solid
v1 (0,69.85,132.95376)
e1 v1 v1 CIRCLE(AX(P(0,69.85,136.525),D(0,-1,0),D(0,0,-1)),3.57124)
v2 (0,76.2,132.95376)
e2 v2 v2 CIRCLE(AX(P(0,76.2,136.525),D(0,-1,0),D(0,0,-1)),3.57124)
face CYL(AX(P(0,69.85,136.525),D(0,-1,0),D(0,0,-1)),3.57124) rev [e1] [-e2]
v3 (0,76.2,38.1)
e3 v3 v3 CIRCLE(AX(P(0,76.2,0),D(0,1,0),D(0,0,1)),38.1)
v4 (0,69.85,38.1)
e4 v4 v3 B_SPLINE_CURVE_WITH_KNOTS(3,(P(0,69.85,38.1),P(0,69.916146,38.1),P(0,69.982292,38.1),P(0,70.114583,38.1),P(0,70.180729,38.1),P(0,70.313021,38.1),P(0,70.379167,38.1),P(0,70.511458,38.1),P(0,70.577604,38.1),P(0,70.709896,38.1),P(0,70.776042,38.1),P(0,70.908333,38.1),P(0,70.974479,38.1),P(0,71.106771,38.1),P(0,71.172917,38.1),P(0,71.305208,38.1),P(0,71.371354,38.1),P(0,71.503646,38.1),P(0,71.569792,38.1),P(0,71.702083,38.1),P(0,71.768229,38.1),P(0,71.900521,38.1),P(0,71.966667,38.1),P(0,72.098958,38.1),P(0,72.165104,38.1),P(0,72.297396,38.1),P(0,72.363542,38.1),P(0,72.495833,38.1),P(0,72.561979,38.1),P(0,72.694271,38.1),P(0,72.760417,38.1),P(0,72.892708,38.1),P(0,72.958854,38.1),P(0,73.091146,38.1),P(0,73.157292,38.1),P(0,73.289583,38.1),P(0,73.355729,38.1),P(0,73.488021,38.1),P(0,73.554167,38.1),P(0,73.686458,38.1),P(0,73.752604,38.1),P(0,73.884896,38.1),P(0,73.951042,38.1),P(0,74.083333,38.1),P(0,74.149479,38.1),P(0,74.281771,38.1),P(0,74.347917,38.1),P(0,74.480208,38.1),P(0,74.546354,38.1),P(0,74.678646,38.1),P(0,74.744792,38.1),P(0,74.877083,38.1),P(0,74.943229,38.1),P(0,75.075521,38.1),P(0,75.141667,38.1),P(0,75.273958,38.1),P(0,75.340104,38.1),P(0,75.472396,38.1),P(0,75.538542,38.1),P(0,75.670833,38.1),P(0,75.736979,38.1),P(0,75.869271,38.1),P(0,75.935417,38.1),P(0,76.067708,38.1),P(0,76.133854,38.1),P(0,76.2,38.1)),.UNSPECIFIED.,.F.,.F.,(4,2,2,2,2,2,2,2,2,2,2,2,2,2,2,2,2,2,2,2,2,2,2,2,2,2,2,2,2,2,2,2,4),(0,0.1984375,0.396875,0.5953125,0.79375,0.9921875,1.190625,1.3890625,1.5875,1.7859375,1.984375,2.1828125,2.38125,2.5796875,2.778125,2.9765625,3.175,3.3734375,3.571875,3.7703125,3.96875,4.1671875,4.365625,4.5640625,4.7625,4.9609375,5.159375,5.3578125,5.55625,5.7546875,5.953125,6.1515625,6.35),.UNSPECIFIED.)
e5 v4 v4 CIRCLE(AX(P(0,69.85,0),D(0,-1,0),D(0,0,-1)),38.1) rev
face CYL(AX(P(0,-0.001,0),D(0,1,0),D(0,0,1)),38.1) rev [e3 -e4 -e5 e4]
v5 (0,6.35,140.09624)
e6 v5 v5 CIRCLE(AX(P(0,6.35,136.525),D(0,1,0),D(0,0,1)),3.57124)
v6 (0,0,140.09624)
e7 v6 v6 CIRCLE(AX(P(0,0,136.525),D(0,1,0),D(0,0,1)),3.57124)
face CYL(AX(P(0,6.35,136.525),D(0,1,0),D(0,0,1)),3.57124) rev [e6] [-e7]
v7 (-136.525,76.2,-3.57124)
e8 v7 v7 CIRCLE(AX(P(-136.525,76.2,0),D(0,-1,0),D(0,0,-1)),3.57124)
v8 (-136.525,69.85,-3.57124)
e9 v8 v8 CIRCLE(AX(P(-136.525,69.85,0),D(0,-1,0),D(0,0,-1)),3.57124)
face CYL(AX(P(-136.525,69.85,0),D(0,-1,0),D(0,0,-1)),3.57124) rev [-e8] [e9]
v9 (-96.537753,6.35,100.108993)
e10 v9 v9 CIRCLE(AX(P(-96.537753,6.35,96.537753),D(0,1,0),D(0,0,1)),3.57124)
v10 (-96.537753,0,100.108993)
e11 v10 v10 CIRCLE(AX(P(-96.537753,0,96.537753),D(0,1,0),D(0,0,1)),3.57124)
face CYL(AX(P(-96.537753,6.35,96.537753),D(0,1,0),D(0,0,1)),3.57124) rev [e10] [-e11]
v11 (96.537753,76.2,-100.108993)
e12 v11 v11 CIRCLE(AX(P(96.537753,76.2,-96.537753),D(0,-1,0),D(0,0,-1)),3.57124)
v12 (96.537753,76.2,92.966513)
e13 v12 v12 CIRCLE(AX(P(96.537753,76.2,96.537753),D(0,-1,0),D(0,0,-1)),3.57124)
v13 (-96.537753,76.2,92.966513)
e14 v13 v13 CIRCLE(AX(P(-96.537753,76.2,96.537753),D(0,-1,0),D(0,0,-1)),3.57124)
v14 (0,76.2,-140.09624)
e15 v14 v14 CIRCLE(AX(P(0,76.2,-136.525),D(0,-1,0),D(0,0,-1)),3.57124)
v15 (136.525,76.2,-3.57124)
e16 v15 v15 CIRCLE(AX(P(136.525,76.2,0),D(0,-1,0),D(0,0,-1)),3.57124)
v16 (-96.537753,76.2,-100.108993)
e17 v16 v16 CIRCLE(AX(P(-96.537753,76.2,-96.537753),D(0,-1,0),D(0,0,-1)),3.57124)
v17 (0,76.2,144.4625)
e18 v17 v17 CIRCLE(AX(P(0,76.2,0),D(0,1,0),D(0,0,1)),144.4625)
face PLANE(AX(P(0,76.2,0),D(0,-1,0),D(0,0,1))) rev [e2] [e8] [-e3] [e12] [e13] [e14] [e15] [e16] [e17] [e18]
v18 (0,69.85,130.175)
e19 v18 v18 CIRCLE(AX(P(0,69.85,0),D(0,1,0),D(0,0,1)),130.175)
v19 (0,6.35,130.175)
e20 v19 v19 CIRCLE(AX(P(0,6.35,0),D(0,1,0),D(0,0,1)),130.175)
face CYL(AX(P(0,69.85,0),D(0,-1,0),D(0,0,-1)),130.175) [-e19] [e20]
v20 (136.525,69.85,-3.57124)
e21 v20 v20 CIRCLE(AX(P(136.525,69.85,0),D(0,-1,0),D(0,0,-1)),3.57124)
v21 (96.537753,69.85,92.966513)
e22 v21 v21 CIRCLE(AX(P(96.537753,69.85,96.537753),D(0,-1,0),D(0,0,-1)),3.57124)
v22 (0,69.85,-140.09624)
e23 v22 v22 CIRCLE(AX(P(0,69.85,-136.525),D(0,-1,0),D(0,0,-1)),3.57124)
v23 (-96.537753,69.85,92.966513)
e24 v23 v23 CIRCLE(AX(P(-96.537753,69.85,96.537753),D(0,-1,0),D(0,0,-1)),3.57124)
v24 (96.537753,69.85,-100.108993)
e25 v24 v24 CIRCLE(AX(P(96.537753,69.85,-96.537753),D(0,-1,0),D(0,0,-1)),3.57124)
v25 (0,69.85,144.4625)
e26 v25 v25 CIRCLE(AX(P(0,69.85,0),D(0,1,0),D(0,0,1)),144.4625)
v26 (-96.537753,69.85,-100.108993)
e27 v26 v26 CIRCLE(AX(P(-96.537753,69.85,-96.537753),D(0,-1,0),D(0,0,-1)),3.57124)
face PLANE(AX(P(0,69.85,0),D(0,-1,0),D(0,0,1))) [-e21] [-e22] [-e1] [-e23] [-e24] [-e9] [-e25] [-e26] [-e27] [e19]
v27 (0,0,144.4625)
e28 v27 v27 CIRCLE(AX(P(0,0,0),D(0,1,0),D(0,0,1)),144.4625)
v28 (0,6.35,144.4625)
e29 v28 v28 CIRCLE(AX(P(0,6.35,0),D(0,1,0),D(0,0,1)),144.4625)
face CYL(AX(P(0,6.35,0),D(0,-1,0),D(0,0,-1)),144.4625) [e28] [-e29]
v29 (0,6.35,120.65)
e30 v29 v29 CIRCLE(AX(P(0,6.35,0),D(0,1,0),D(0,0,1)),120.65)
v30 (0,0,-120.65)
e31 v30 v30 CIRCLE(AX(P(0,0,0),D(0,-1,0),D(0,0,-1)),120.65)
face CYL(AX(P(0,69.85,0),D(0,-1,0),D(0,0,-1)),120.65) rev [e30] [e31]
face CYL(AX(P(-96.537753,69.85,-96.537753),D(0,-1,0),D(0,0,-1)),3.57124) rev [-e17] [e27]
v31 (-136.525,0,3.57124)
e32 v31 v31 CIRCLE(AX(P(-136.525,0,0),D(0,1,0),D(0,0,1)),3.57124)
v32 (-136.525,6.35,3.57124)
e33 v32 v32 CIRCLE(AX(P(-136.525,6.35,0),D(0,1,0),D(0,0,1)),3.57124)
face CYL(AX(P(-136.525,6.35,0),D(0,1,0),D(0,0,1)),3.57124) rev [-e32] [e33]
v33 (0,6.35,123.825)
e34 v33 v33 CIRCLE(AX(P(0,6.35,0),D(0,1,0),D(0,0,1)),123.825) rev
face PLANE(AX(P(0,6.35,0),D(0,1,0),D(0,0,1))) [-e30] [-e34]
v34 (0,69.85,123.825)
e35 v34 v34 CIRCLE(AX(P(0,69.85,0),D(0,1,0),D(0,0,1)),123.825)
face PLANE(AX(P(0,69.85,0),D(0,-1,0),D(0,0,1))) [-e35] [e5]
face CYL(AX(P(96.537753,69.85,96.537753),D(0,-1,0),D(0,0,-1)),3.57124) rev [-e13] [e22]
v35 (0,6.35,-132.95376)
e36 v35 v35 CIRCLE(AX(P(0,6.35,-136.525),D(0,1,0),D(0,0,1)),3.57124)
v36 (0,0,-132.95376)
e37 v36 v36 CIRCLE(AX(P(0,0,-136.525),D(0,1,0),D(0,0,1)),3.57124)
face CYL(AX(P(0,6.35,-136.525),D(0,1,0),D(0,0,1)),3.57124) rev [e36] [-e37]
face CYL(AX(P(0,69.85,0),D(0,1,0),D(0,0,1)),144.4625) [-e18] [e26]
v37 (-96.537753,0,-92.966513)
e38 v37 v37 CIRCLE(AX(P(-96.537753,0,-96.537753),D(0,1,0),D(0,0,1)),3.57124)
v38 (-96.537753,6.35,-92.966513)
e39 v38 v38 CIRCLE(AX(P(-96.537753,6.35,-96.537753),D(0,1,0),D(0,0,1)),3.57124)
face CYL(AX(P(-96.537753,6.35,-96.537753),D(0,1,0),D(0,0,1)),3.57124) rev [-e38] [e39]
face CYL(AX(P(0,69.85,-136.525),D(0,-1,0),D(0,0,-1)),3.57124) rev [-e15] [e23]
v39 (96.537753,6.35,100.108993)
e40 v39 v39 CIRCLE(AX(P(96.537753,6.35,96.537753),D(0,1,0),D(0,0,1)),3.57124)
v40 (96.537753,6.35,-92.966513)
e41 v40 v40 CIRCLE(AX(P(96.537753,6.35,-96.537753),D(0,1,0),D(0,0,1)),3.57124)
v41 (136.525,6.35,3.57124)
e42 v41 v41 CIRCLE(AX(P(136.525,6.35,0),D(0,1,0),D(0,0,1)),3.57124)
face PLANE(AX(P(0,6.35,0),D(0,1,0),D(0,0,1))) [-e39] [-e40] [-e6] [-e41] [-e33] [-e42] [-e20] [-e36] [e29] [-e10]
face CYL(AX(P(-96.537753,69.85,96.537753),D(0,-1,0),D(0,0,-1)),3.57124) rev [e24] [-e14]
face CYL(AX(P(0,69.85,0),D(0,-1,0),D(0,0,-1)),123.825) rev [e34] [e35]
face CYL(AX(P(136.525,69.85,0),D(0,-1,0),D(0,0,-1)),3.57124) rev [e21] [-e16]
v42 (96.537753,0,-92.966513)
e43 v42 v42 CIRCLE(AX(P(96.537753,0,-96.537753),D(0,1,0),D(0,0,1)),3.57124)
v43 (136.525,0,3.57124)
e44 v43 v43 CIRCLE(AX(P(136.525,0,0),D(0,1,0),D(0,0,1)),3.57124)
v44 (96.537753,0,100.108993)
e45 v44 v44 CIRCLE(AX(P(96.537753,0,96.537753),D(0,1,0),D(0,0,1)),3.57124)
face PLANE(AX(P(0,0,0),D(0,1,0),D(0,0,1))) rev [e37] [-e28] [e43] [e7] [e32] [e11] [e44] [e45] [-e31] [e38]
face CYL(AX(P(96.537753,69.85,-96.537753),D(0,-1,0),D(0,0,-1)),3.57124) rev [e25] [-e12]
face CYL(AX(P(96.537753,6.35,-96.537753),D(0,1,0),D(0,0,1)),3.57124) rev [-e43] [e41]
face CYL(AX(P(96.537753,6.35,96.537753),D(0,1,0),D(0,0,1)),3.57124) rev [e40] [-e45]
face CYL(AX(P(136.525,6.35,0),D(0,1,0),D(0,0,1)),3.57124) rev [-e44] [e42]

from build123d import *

# Parameters (mm, degrees)
SKETCH1_R               = 144.4625
BOSS_EXTRUDE1_DEPTH     = 6.35
F_1_4_CLEARANCE_HOLE1_D = 7.14248
SKETCH4_R               = 130.175
SKETCH4_R_2             = 123.825
BOSS_EXTRUDE2_DEPTH     = 63.5
SKETCH7_R               = 120.65
CUT_EXTRUDE1_DEPTH      = 69.85
CUT_EXTRUDE2_REACH      = 220.049
SKETCH8_R               = 38.1


with BuildPart() as part:
    # Sketch1 → Boss-Extrude1 (new body)
    with BuildSketch(Plane(origin=(0, 0, 0), x_dir=(1, 0, 0), z_dir=(0, 1, 0))):
        with Locations(Location((0, 0, 0), (0, 0, 270))):
            Circle(SKETCH1_R)
    boss_extrude1 = extrude(amount=BOSS_EXTRUDE1_DEPTH)

    # 1/4 Clearance Hole1 (through all)
    with Locations(Plane(origin=(0, 6.35, 0), x_dir=(1, 0, 0), z_dir=(0, 1, 0))):
        with Locations((-96.537753301, 96.537753301), (0, 136.525), (96.537753301, 96.537753301), (136.525, 0), (96.537753301, -96.537753301), (0, -136.525), (-96.537753301, -96.537753301), (-136.525, 0)):
            f_1_4_clearance_hole1 = Hole(F_1_4_CLEARANCE_HOLE1_D / 2)

    # Sketch4 → Boss-Extrude2 (add)
    with BuildSketch(Plane(origin=(0, 6.35, 0), x_dir=(1, 0, 0), z_dir=(0, 1, 0))):
        with Locations(Location((0, 0, 0), (0, 0, 270))):
            Circle(SKETCH4_R)
        with Locations(Location((0, 0, 0), (0, 0, 270))):
            Circle(SKETCH4_R_2, mode=Mode.SUBTRACT)
    extrude(amount=BOSS_EXTRUDE2_DEPTH)

    # Mirror2: Boss-Extrude1 across plane
    add(boss_extrude1.mirror(Plane.ZX.offset(38.1)))

    # Mirror3: 1/4 Clearance Hole1 across plane
    add(f_1_4_clearance_hole1.mirror(Plane.ZX.offset(38.1)), mode=Mode.SUBTRACT)

    # Sketch7 → Cut-Extrude1 (cut)
    with BuildSketch(Plane.XZ):
        with Locations(Location((0, 0, 0), (0, 0, 270))):
            Circle(SKETCH7_R)
    extrude(amount=-CUT_EXTRUDE1_DEPTH, mode=Mode.SUBTRACT)

    # Sketch8 → Cut-Extrude2 (cut, up to next)
    with BuildSketch(Plane(origin=(0, 76.2, 0), x_dir=(1, 0, 0), z_dir=(0, 1, 0)), mode=Mode.PRIVATE) as cut_extrude2_sk1:
        with Locations(Location((0, 0, 0), (0, 0, 270))):
            Circle(SKETCH8_R)
    cut_extrude2_tool1 = extrude(cut_extrude2_sk1.sketch, amount=-CUT_EXTRUDE2_REACH, mode=Mode.PRIVATE) & part.part
    add(cut_extrude2_tool1.solids().sort_by_distance((0, 76.2, 0))[0], mode=Mode.SUBTRACT)


solid = part.part
